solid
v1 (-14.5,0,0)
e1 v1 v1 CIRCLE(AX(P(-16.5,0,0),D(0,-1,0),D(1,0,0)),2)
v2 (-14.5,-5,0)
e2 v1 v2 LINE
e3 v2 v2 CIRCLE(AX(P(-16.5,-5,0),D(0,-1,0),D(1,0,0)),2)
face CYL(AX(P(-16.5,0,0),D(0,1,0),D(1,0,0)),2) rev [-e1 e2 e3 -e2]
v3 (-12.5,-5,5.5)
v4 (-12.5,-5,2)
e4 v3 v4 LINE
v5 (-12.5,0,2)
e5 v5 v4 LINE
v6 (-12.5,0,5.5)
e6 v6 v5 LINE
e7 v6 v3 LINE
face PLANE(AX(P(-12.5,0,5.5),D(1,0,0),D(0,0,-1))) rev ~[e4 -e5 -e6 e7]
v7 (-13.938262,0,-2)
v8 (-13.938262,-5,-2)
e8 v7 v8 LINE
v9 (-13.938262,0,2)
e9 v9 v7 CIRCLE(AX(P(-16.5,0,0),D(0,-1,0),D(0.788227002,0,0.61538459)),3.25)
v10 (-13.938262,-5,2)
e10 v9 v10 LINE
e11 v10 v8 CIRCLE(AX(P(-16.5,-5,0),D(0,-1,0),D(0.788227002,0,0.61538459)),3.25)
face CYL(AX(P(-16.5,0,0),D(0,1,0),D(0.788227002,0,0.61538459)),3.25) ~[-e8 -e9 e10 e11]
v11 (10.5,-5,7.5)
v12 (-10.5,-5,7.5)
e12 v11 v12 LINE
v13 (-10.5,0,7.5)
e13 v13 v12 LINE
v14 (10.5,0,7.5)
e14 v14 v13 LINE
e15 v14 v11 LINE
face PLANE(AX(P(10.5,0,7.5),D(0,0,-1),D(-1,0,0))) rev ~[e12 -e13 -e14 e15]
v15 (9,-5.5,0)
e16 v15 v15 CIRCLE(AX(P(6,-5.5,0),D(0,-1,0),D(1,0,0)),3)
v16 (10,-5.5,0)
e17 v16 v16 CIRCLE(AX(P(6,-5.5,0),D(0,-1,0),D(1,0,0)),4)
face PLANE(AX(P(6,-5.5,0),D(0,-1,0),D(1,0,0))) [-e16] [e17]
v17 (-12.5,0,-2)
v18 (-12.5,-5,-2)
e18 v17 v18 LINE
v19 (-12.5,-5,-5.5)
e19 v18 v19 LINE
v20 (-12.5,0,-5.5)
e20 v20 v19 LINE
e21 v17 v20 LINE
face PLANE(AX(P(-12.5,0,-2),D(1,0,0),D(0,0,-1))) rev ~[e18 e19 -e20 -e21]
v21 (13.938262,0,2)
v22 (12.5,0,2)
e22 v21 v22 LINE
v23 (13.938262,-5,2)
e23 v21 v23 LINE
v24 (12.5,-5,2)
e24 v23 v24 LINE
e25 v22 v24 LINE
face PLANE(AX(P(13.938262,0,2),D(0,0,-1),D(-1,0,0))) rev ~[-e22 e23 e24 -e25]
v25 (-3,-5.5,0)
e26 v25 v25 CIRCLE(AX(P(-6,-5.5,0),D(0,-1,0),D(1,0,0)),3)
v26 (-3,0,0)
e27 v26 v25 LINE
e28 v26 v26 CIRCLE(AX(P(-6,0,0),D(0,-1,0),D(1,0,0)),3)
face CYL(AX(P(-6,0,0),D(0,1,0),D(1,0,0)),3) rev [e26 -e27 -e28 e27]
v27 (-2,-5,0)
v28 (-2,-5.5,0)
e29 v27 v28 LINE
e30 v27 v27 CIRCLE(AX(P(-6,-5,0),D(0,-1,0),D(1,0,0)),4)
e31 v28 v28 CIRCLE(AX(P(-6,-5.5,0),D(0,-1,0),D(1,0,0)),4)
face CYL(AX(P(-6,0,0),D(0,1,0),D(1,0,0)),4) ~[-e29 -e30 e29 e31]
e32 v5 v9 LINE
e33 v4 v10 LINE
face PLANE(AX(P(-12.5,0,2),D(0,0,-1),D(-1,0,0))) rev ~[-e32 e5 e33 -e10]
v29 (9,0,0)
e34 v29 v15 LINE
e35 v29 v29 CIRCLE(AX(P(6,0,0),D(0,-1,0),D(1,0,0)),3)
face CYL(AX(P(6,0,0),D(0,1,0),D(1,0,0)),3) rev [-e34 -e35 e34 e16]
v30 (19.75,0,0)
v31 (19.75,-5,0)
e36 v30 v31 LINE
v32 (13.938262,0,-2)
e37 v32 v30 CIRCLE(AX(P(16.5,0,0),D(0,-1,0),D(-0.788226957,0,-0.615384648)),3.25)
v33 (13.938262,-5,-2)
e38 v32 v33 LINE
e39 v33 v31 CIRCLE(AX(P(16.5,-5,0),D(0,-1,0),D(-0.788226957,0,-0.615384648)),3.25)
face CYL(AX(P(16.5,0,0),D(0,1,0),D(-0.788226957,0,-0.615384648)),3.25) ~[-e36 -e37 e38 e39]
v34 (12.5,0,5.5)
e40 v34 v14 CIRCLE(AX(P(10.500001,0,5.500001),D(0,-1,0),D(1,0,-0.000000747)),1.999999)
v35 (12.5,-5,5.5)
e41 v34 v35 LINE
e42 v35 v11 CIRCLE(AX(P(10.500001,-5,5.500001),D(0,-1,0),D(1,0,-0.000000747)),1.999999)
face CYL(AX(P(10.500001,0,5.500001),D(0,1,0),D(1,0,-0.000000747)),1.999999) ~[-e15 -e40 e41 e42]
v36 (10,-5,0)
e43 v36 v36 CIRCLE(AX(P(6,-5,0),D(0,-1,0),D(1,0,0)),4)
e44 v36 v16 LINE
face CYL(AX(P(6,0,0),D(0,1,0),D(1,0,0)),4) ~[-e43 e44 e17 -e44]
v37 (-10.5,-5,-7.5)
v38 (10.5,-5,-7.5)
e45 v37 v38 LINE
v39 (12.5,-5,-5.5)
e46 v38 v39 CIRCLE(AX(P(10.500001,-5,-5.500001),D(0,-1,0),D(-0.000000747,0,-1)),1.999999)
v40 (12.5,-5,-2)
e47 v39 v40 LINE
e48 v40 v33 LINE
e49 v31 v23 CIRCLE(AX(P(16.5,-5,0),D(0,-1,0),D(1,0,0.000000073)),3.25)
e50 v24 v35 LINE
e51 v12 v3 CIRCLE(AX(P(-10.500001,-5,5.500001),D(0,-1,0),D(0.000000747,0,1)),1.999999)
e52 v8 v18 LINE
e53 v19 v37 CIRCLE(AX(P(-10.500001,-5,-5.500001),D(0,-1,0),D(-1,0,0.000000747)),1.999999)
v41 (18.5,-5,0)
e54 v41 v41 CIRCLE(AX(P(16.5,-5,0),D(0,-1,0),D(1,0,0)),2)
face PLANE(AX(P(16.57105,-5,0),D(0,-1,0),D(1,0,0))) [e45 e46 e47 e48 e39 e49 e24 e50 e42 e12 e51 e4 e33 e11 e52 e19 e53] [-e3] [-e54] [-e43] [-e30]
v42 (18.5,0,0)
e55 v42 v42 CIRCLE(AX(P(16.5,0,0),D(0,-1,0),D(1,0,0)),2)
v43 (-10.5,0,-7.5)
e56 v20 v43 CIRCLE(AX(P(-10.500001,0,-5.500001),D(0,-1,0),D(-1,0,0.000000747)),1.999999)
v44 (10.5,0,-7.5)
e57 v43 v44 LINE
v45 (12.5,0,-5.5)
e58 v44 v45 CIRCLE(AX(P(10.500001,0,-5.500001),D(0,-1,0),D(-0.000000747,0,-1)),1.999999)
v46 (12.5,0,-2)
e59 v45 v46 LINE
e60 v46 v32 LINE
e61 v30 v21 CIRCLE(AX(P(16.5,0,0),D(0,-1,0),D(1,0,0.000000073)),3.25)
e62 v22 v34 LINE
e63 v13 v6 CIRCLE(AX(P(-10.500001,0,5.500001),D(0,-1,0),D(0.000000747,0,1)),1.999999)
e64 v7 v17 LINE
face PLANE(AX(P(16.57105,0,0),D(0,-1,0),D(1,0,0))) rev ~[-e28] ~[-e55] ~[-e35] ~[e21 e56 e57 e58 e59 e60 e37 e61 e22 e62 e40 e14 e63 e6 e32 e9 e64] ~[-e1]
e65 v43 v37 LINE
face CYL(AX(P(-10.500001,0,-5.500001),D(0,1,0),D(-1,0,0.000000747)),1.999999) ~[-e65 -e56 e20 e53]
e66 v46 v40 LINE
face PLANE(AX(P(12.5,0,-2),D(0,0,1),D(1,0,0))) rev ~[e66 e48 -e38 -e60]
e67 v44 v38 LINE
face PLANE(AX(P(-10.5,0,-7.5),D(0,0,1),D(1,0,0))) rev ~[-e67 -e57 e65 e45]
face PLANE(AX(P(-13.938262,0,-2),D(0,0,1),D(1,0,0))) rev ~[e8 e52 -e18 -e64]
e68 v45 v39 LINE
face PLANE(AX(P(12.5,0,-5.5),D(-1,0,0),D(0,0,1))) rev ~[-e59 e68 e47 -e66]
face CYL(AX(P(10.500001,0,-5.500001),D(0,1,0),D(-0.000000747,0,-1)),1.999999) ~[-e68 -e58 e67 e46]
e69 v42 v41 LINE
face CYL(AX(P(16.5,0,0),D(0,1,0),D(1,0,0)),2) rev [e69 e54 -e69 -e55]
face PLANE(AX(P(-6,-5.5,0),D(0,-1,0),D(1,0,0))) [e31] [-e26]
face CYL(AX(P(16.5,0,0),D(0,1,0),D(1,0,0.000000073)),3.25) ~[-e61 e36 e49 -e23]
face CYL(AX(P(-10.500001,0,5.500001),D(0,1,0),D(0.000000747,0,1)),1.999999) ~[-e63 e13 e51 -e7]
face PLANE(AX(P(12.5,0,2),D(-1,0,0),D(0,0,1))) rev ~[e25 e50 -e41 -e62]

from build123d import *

# Parameters (mm, degrees)
F0_R     = 2
F0_R_2   = 4
F1_DEPTH = 5
F0_R_3   = 3
F2_DEPTH = 5.5


with BuildPart() as f1:
    # F0 (on Front) → F1 (new body)
    with BuildSketch(Plane.XZ):
        with BuildLine():
            Line((14.2, -2), (13.938262, -2))
            ThreePointArc((13.938262, -2), (17.557557, -3.073121), (19.75, 0))
            ThreePointArc((19.75, 0), (17.557557, 3.073121), (13.938262, 2))
            Line((13.938262, 2), (14.2, 2))
            Line((14.2, 2), (14.2, -2))
        make_face()
        with Locations((16.5, 0)):
            Circle(F0_R, mode=Mode.SUBTRACT)
        with BuildLine():
            ThreePointArc((13.938262, 2), (13.25, 0), (13.938262, -2))
            Line((13.938262, -2), (14.2, -2))
            Line((14.2, -2), (14.2, 2))
            Line((14.2, 2), (13.938262, 2))
        make_face()
        with BuildLine():
            Line((12.5, 2), (12.5, -2))
            Line((12.5, -2), (13.938262, -2))
            ThreePointArc((13.938262, -2), (13.25, 0), (13.938262, 2))
            Line((13.938262, 2), (12.5, 2))
        make_face()
        with BuildLine():
            ThreePointArc((-13.938262, 2), (-19.75, 0), (-13.938262, -2))
            Line((-13.938262, -2), (-14.2, -2))
            Line((-14.2, -2), (-14.2, 2))
            Line((-14.2, 2), (-13.938262, 2))
        make_face()
        with Locations((-16.5, 0)):
            Circle(F0_R, mode=Mode.SUBTRACT)
        with BuildLine():
            Line((-14.2, -2), (-13.938262, -2))
            ThreePointArc((-13.938262, -2), (-13.426879, -1.057557), (-13.25, 0))
            ThreePointArc((-13.25, 0), (-13.426879, 1.057557), (-13.938262, 2))
            Line((-13.938262, 2), (-14.2, 2))
            Line((-14.2, 2), (-14.2, -2))
        make_face()
        with BuildLine():
            Line((-13.938262, -2), (-12.5, -2))
            Line((-12.5, -2), (-12.5, 2))
            Line((-12.5, 2), (-13.938262, 2))
            ThreePointArc((-13.938262, 2), (-13.426879, 1.057557), (-13.25, 0))
            ThreePointArc((-13.25, 0), (-13.426879, -1.057557), (-13.938262, -2))
        make_face()
        with BuildLine():
            Line((-10.5, -7.5), (10.5, -7.5))
            ThreePointArc((10.5, -7.5), (11.914214, -6.914214), (12.5, -5.5))
            Line((12.5, -5.5), (12.5, -2))
            Line((12.5, -2), (12.5, 2))
            Line((12.5, 2), (12.5, 5.5))
            ThreePointArc((12.5, 5.5), (11.914214, 6.914214), (10.5, 7.5))
            Line((10.5, 7.5), (-10.5, 7.5))
            ThreePointArc((-10.5, 7.5), (-11.914214, 6.914214), (-12.5, 5.5))
            Line((-12.5, 5.5), (-12.5, 2))
            Line((-12.5, 2), (-12.5, -2))
            Line((-12.5, -2), (-12.5, -5.5))
            ThreePointArc((-12.5, -5.5), (-11.914214, -6.914214), (-10.5, -7.5))
        make_face()
        with Locations((-6, 0)):
            Circle(F0_R_2, mode=Mode.SUBTRACT)
        with Locations((6, 0)):
            Circle(F0_R_2, mode=Mode.SUBTRACT)
    extrude(amount=F1_DEPTH)

    # F0 (on Front) → F2 (join)
    with BuildSketch(Plane.XZ):
        with Locations((-6, 0)):
            Circle(F0_R_2)
        with Locations((-6, 0)):
            Circle(F0_R_3, mode=Mode.SUBTRACT)
        with Locations((6, 0)):
            Circle(F0_R_2)
        with Locations((6, 0)):
            Circle(F0_R_3, mode=Mode.SUBTRACT)
    extrude(amount=F2_DEPTH)


solid = f1.part
